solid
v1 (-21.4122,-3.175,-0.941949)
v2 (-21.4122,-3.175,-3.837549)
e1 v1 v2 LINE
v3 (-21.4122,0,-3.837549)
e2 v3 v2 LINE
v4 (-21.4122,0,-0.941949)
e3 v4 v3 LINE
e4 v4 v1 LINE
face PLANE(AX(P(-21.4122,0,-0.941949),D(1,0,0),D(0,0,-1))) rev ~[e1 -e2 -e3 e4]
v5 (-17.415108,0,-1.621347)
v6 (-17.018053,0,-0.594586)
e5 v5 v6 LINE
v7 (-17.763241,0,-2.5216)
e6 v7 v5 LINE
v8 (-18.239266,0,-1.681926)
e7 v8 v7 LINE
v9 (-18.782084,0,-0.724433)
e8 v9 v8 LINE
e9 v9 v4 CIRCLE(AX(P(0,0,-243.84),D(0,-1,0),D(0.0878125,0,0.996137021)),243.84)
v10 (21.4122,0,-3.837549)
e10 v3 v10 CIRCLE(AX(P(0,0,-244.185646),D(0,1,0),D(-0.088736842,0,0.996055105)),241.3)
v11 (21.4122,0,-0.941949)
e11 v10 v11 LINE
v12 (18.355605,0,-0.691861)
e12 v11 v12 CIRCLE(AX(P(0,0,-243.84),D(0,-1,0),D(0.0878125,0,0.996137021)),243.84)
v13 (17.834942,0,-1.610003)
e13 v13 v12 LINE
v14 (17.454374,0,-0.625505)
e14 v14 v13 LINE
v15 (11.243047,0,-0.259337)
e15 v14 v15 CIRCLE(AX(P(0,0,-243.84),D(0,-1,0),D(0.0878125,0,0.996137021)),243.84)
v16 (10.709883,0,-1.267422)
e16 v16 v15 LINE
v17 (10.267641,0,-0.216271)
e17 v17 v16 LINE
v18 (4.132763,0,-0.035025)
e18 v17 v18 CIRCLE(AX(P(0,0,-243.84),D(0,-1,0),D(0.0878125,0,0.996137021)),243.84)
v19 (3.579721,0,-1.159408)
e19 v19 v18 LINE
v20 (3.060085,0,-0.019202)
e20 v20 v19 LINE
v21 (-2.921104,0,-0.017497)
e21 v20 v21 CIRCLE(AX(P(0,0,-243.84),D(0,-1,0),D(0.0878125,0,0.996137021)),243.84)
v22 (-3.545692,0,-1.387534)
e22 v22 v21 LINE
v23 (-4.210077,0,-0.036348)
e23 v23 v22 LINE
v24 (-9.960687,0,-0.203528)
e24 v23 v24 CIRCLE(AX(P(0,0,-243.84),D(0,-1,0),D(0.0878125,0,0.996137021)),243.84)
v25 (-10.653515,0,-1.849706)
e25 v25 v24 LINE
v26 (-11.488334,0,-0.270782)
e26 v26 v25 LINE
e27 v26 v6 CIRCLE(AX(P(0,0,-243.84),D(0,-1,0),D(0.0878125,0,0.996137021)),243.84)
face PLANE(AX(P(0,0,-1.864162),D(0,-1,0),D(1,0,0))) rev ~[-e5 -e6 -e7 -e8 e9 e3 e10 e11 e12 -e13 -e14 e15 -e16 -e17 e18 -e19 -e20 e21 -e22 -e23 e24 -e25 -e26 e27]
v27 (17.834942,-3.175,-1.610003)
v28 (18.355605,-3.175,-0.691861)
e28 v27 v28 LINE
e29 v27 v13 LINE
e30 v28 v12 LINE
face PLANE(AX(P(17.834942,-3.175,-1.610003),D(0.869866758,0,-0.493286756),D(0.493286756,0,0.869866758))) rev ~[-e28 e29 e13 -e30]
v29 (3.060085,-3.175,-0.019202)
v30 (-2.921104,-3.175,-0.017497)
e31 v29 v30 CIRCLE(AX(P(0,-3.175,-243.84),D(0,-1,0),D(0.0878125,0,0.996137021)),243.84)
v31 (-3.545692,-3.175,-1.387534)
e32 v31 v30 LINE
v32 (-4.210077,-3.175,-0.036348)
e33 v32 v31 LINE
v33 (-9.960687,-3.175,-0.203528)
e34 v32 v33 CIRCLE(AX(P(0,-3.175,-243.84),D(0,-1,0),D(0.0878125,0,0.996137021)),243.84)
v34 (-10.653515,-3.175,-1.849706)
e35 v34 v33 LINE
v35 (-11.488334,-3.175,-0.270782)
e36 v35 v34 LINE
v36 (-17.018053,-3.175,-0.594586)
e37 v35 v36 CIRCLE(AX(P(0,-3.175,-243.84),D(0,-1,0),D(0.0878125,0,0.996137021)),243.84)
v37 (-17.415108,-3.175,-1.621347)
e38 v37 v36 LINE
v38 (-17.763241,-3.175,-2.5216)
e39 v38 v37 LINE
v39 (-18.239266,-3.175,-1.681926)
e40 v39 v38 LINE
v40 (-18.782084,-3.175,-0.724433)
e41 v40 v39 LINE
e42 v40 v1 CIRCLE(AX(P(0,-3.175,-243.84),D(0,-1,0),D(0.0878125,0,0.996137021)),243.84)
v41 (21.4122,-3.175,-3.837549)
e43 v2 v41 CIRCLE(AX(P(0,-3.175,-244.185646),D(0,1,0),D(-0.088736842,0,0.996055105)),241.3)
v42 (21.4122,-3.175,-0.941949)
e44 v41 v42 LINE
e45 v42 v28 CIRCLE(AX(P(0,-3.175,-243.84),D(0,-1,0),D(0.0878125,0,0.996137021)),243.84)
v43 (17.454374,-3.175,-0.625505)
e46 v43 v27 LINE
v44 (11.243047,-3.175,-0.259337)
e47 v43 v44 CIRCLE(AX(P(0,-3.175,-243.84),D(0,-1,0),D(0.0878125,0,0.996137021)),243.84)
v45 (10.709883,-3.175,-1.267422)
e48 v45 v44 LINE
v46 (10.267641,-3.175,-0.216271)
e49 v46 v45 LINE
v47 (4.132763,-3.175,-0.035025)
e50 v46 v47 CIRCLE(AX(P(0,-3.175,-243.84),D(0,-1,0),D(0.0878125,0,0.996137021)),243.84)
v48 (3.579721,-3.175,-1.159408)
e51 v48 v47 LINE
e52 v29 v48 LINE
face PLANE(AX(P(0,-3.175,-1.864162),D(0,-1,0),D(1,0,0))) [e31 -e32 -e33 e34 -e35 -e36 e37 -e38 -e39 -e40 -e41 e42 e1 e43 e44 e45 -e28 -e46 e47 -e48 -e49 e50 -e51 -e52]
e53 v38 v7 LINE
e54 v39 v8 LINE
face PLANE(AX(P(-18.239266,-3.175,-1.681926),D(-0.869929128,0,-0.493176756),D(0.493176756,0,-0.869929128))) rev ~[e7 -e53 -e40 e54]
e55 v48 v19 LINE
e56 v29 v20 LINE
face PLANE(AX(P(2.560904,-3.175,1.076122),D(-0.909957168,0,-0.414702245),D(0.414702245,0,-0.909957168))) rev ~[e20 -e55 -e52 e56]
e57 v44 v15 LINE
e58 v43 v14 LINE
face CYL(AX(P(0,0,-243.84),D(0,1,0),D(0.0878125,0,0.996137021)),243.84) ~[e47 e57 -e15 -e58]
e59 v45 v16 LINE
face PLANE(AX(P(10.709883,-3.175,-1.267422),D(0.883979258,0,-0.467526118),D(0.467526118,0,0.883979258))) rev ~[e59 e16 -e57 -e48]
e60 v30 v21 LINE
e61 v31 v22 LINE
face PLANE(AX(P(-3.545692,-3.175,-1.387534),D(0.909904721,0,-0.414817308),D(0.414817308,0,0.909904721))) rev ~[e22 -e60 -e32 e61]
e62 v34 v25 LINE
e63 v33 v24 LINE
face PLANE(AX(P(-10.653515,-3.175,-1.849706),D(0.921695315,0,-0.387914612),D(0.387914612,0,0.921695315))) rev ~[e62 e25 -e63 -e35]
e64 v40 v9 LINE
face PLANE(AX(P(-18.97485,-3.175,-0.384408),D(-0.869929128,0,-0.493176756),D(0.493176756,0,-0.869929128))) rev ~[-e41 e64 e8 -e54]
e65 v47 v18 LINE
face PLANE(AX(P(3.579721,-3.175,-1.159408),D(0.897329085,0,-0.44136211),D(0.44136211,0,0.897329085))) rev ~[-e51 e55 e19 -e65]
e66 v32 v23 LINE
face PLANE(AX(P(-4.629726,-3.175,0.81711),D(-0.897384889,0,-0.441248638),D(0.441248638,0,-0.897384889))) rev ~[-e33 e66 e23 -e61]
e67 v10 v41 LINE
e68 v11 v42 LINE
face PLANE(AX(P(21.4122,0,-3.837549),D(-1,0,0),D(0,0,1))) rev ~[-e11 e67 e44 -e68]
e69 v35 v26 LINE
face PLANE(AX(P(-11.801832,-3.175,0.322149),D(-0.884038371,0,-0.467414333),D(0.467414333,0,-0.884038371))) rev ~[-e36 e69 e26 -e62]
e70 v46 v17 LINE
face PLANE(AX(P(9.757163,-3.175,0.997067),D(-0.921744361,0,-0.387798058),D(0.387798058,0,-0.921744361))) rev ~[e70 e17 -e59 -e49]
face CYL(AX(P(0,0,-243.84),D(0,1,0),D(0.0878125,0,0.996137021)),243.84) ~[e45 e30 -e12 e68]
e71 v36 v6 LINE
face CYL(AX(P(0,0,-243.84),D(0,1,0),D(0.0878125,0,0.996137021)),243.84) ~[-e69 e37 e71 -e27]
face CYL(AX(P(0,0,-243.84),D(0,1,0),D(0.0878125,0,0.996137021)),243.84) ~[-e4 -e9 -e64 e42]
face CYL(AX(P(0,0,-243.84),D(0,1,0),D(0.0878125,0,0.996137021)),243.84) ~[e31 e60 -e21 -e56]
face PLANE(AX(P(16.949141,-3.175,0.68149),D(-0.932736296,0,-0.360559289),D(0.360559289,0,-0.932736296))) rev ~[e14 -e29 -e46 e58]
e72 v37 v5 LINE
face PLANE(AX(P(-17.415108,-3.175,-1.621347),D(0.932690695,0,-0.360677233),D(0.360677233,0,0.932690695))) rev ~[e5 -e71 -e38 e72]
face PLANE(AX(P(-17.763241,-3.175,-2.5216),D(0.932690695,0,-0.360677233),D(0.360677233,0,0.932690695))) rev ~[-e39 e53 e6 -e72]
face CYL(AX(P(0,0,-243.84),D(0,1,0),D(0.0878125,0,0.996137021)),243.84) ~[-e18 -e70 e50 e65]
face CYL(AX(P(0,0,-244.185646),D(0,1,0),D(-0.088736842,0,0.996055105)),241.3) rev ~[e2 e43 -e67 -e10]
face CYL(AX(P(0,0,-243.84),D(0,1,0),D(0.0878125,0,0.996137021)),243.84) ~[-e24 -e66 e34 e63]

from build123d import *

# Parameters (mm, degrees)
F2_DEPTH = 3.175
F4_DEPTH = 3.176


with BuildPart() as f2:
    # F1 (on Front) → F2 (new body)
    with BuildSketch(Plane.XZ):
        with BuildLine():
            Line((21.4122, -3.8375487704), (21.4122, -0.9419487704))
            ThreePointArc((21.4122, -0.9419487704), (0, 0), (-21.4122, -0.9419487704))
            Line((-21.4122, -0.9419487704), (-21.4122, -3.8375487704))
            ThreePointArc((-21.4122, -3.8375487704), (0, -2.8856456864), (21.4122, -3.8375487704))
        make_face()
    extrude(amount=F2_DEPTH)

    # F3 (on face) → F4 (cut, through all)
    with BuildSketch(Plane.XZ.offset(3.175)):
        with BuildLine():
            Line((-16.877150001, -0.2302185732), (-18.9748496265, -0.3844076014))
            Line((-18.9748496265, -0.3844076014), (-18.2392657349, -1.6819258763))
            ThreePointArc((-18.2392657349, -1.6819258763), (-17.9581295067, -1.0143624708), (-17.3843341446, -1.4564454512))
            ThreePointArc((-17.3843341446, -1.4564454512), (-17.3920934435, -1.5403197391), (-17.4151079687, -1.6213471081))
            Line((-17.4151079687, -1.6213471081), (-16.877150001, -0.2302185732))
        make_face()
        with BuildLine():
            ThreePointArc((-17.4151079687, -1.6213471081), (-17.808018602, -1.9124153497), (-18.2392657349, -1.6819258763))
            Line((-18.2392657349, -1.6819258763), (-17.7632411909, -2.5215997085))
            Line((-17.7632411909, -2.5215997085), (-17.4151079687, -1.6213471081))
        make_face()
        with BuildLine():
            ThreePointArc((-17.3843341446, -1.4564454512), (-17.9581295067, -1.0143624708), (-18.2392657349, -1.6819258763))
            ThreePointArc((-18.2392657349, -1.6819258763), (-17.808018602, -1.9124153497), (-17.4151079687, -1.6213471081))
            ThreePointArc((-17.4151079687, -1.6213471081), (-17.3920934435, -1.5403197391), (-17.3843341446, -1.4564454512))
        make_face()
        Polygon((-11.8018317816, 0.3221485882), (-10.6535149923, -1.8497062999), (-9.7005085696, 0.4146620143), align=None)
        Polygon((-4.6297261067, 0.8171098674), (-3.5456917006, -1.3875339838), (-2.5265922736, 0.8478678732), align=None)
        Polygon((2.5609041822, 1.0761222144), (3.5797209294, -1.1594084921), (4.6640341091, 1.0450982628), align=None)
        Polygon((9.7571629435, 0.9970667736), (10.709883024, -1.2674220323), (11.8584744402, 0.9042876313), align=None)
        Polygon((16.9491408118, 0.681489948), (17.8349422443, -1.6100032173), (19.046820923, 0.5270356622), align=None)
    extrude(amount=-F4_DEPTH, mode=Mode.SUBTRACT)


solid = f2.part
